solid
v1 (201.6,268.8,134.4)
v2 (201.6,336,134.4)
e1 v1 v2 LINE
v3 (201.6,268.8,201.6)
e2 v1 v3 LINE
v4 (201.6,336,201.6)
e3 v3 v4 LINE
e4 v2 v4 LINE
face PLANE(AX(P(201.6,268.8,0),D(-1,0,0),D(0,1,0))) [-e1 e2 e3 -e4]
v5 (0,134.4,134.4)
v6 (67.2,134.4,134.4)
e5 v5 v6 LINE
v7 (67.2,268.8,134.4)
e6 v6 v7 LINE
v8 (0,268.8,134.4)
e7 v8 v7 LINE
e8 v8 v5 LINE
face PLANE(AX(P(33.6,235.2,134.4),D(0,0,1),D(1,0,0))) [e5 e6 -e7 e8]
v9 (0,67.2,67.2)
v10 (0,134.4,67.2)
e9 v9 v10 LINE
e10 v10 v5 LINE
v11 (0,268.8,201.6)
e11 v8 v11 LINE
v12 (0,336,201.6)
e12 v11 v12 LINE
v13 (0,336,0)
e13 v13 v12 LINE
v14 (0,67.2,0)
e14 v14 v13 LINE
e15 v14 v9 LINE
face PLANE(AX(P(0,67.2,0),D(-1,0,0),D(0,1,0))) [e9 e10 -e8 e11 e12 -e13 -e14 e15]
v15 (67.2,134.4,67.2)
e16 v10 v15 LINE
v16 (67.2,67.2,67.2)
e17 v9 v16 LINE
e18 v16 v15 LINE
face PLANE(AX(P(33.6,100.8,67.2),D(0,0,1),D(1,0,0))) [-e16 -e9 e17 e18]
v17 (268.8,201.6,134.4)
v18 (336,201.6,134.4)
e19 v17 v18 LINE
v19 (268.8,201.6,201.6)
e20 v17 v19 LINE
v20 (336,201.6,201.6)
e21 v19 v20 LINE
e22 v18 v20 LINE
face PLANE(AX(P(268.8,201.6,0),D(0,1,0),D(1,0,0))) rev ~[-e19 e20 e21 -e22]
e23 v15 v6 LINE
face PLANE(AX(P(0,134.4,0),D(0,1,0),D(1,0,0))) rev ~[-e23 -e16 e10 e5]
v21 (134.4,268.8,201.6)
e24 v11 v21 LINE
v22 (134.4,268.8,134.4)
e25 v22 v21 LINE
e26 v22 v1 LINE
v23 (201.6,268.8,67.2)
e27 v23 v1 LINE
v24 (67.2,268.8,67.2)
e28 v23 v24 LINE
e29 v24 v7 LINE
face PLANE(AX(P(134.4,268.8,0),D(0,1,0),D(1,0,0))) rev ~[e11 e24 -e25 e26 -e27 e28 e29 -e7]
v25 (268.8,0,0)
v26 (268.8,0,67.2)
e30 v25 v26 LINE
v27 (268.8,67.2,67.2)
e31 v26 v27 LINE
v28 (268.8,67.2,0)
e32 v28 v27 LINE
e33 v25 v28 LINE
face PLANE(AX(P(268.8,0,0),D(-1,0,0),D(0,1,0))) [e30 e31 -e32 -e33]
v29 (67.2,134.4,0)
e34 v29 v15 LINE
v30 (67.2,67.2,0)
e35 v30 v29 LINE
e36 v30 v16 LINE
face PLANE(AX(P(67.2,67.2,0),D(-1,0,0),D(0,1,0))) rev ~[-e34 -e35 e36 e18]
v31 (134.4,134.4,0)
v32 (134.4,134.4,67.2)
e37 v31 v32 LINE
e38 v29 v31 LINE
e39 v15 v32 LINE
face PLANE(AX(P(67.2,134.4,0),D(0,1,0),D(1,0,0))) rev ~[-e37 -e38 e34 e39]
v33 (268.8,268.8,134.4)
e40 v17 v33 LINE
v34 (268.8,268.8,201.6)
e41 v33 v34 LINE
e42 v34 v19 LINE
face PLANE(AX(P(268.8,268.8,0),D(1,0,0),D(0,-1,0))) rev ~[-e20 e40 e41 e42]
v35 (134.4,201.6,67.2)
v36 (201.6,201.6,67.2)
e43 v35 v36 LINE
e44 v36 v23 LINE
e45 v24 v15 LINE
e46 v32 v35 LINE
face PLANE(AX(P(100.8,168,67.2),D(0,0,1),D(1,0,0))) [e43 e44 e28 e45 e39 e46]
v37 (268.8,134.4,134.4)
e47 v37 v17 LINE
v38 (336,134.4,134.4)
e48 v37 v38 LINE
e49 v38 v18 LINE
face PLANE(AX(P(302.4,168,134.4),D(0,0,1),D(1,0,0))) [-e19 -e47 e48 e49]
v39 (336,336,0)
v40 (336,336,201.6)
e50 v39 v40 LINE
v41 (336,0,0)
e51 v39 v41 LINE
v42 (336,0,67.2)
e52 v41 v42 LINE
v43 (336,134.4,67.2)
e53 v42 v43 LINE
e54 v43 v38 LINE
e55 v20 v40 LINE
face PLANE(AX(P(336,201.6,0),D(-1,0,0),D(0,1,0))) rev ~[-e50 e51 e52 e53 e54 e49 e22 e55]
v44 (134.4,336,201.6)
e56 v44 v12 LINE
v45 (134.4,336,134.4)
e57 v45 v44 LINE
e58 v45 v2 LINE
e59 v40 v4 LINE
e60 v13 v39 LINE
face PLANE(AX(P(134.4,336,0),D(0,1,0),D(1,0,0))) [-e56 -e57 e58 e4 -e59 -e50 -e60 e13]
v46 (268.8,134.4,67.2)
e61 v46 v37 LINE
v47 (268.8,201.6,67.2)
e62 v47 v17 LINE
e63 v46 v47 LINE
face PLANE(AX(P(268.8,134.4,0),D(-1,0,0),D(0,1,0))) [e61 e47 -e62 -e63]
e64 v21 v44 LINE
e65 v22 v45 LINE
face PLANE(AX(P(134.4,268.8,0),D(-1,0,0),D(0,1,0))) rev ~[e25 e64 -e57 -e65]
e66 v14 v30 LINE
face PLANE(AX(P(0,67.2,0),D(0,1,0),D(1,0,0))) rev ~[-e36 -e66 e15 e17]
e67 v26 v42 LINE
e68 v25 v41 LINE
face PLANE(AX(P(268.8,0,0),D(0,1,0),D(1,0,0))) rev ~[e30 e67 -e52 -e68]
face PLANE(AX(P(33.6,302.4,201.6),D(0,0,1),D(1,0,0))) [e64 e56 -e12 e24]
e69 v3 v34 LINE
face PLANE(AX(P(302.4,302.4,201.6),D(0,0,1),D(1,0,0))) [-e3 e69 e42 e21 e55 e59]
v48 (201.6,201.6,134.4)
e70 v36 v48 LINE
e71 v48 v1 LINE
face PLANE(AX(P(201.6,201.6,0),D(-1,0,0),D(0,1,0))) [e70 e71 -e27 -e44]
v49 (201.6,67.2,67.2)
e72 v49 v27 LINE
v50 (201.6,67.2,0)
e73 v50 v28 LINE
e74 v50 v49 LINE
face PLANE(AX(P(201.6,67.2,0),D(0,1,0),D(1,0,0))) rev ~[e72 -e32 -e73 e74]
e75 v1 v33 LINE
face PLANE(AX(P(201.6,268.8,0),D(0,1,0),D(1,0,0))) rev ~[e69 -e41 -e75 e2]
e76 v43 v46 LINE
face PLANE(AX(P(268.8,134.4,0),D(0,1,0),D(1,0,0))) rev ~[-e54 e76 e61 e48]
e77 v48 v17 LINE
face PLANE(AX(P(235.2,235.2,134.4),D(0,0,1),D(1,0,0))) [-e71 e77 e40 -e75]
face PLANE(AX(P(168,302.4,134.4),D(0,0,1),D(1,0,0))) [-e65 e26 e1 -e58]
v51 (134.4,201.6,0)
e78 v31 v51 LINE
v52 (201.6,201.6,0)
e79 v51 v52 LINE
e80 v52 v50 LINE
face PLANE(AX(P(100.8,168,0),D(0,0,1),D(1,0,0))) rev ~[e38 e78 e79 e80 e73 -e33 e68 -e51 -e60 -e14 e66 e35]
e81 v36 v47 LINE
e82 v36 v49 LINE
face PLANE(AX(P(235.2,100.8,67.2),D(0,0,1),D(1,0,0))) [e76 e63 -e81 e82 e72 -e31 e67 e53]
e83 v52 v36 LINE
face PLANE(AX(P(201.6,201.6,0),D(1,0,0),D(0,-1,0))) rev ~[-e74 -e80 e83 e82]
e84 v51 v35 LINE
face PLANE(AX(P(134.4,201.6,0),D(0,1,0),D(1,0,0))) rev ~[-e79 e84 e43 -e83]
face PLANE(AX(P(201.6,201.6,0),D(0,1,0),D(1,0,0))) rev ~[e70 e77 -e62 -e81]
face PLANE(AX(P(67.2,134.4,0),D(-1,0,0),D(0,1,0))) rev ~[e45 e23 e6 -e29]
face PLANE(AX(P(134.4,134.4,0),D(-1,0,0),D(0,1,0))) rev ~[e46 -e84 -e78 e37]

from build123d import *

# Parameters (mm, degrees)
F0_W     = 67.2
F0_H     = 67.2
F1_DEPTH = 201.6
F2_DEPTH = 134.4
F3_DEPTH = 67.2


with BuildPart() as f1:
    # F0 (on Top) → F1 (new body)
    with BuildSketch(Plane.XY):
        with Locations((33.6, 302.4)):
            Rectangle(F0_W, F0_H)
        with Locations((302.4, 302.4)):
            Rectangle(F0_W, F0_H)
        with Locations((302.4, 235.2)):
            Rectangle(F0_W, F0_H)
        with Locations((100.8, 302.4)):
            Rectangle(F0_W, F0_H)
        with Locations((235.2, 302.4)):
            Rectangle(F0_W, F0_H)
    extrude(amount=F1_DEPTH)



with BuildPart() as f2:
    # F0 (on Top) → F2 (new body)
    with BuildSketch(Plane.XY):
        with Locations((33.6, 235.2)):
            Rectangle(F0_W, F0_H)
        with Locations((33.6, 168)):
            Rectangle(F0_W, F0_H)
        with Locations((235.2, 235.2)):
            Rectangle(F0_W, F0_H)
        with Locations((302.4, 168)):
            Rectangle(F0_W, F0_H)
        with Locations((168, 302.4)):
            Rectangle(F0_W, F0_H)
    extrude(amount=F2_DEPTH)


with BuildPart() as f1_1:
    add(f1.part)

    add(f2.part)  # F3 merges F2
    # F0 (on Top) → F3 (join)
    with BuildSketch(Plane.XY):
        with Locations((100.8, 168)):
            Rectangle(F0_W, F0_H)
        with Locations((33.6, 100.8)):
            Rectangle(F0_W, F0_H)
        with Locations((235.2, 100.8)):
            Rectangle(F0_W, F0_H)
        with Locations((302.4, 100.8)):
            Rectangle(F0_W, F0_H)
        with Locations((235.2, 168)):
            Rectangle(F0_W, F0_H)
        with Locations((100.8, 235.2)):
            Rectangle(F0_W, F0_H)
        with Locations((168, 235.2)):
            Rectangle(F0_W, F0_H)
        with Locations((302.4, 33.6)):
            Rectangle(F0_W, F0_H)
    extrude(amount=F3_DEPTH)


solid = f1_1.part
